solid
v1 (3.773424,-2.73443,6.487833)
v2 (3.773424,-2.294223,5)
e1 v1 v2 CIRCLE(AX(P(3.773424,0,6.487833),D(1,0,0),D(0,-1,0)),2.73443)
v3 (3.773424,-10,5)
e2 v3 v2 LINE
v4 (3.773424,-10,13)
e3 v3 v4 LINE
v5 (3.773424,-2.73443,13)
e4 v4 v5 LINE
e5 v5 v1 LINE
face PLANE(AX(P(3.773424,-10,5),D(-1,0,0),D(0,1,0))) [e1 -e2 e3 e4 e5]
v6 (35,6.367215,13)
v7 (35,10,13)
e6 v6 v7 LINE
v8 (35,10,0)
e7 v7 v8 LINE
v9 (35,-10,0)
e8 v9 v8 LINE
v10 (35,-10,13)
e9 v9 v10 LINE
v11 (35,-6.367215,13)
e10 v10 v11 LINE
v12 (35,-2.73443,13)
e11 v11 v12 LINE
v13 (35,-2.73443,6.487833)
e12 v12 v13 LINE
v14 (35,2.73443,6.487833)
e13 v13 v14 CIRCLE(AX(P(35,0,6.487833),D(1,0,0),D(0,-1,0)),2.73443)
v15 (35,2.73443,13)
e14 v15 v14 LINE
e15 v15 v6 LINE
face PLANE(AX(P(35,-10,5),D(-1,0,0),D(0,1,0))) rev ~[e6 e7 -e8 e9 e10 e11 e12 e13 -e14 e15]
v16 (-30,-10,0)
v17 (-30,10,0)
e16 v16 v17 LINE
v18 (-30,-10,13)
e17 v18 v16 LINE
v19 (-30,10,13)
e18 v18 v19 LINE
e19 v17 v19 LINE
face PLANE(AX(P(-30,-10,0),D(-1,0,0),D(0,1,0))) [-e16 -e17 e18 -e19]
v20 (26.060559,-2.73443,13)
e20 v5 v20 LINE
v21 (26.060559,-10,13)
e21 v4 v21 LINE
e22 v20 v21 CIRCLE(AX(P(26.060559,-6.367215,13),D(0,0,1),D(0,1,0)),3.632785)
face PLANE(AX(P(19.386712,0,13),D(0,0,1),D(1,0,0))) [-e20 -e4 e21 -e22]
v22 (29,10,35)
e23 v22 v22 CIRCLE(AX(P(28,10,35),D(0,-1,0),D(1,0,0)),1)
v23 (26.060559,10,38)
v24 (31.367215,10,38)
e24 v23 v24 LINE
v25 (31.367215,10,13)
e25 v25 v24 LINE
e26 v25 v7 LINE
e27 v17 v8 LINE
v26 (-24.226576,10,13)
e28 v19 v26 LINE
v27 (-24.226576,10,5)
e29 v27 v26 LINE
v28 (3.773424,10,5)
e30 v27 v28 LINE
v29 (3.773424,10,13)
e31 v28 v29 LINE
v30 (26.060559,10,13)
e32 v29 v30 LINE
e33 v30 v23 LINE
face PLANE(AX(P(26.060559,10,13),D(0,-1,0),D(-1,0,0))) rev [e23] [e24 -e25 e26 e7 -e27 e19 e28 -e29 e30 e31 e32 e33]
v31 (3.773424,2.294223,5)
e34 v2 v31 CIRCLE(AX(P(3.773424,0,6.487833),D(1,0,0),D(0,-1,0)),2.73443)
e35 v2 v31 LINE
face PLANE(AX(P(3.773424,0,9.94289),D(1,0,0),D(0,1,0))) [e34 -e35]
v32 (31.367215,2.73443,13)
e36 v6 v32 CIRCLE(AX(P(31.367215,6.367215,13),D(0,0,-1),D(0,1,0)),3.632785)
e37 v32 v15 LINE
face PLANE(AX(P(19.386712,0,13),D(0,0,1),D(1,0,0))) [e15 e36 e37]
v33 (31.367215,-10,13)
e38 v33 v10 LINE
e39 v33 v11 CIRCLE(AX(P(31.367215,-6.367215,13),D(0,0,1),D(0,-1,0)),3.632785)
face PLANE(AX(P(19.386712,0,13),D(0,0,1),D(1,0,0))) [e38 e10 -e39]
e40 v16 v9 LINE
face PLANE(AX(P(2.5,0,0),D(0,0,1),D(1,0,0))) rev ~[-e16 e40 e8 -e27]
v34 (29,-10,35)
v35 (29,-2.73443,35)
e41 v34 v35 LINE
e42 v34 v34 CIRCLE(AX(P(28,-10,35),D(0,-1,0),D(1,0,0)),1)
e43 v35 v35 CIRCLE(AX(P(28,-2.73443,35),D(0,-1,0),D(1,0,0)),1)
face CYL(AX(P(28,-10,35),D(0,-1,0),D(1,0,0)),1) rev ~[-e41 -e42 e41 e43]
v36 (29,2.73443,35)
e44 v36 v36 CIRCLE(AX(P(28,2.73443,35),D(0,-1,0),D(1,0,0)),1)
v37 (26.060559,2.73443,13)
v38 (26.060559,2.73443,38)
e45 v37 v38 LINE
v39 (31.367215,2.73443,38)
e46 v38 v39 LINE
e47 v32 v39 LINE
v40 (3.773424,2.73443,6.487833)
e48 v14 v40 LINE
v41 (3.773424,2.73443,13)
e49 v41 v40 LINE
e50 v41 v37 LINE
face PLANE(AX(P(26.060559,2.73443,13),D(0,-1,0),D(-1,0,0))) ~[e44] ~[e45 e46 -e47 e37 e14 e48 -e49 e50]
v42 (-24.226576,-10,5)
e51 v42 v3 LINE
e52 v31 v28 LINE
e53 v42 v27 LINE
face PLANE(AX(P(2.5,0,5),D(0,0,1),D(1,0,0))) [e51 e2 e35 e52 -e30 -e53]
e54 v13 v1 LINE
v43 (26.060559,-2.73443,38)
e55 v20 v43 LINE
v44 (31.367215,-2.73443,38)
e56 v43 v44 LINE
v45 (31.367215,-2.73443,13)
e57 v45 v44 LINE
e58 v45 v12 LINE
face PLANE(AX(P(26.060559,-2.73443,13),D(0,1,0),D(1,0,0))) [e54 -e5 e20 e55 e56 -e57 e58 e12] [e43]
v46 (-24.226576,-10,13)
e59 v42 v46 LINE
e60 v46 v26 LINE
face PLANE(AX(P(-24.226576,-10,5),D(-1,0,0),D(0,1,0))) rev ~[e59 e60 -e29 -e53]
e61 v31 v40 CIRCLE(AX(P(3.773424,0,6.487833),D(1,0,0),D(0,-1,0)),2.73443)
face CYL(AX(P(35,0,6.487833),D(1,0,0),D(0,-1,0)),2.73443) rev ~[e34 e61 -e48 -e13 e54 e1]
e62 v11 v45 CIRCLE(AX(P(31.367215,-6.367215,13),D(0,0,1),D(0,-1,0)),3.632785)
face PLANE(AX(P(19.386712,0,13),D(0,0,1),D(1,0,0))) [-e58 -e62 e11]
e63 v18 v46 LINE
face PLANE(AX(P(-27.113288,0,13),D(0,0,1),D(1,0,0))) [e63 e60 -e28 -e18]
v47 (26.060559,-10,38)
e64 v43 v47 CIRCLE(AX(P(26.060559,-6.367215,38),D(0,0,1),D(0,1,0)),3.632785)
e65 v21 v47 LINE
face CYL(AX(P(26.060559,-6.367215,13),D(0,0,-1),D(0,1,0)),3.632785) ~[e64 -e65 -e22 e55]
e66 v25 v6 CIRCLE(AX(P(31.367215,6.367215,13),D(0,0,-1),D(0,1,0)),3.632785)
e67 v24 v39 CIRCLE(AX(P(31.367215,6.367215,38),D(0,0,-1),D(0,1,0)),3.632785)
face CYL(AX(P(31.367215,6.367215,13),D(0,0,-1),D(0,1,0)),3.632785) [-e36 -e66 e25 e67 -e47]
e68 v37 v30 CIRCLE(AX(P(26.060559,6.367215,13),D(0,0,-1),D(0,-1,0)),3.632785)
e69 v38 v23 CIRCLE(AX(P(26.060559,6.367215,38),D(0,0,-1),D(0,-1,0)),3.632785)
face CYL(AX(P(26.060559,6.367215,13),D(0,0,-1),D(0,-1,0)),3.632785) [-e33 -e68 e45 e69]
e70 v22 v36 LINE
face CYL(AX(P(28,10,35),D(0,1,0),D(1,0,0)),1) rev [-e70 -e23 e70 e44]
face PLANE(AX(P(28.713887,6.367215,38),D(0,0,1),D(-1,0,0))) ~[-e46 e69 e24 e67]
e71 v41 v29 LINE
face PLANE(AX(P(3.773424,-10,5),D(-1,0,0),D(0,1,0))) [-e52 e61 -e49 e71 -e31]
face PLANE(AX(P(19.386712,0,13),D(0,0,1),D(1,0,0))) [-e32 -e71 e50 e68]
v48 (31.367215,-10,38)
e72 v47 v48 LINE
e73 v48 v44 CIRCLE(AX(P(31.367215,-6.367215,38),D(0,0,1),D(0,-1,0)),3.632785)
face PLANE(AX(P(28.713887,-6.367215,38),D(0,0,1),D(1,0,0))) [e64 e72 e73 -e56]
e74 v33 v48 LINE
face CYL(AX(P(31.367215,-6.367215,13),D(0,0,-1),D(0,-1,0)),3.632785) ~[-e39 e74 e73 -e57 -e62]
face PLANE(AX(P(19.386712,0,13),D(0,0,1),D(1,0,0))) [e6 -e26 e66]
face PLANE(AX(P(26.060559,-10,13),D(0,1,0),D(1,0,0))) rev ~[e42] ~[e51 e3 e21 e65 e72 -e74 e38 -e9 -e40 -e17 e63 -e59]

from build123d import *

# Parameters (mm, degrees)
SKETCH_W        = 65
SKETCH_H        = 20
PAD_DEPTH       = 5
SKETCH001_W     = 31.226576
SKETCH001_H     = 20
SKETCH001_W_2   = 5.773424
PAD001_DEPTH    = 8
POCKET_DEPTH    = 31.226576
PAD002_DEPTH    = 25
SKETCH003_R     = 1
POCKET001_DEPTH = 20.001


with BuildPart() as pocket001:
    # Sketch → Pad (new body)
    with BuildSketch(Plane.XY):
        with Locations((2.5, 0)):
            Rectangle(SKETCH_W, SKETCH_H)
    extrude(amount=PAD_DEPTH)

    # Sketch001 → Pad001 (new body)
    with BuildSketch(Plane.XY.offset(5)):
        with Locations((19.386712, 0)):
            Rectangle(SKETCH001_W, SKETCH001_H)
        with Locations((-27.113288, 0)):
            Rectangle(SKETCH001_W_2, SKETCH001_H)
    extrude(amount=PAD001_DEPTH)

    # Sketch002 → Pocket (cut)
    with BuildSketch(Plane.YZ.offset(35)):
        with BuildLine():
            Line((-2.73443, 15), (-2.73443, 6.487833))
            ThreePointArc((-2.73443, 6.487833), (0, 3.753403), (2.73443, 6.487833))
            Line((2.73443, 15), (2.73443, 6.487833))
            Line((-2.73443, 15), (2.73443, 15))
        make_face()
    extrude(amount=-POCKET_DEPTH, mode=Mode.SUBTRACT)

    # Sketch004 → Pad002 (new body)
    with BuildSketch(Plane.XY.offset(13)):
        with BuildLine():
            ThreePointArc((26.060559, -2.73443), (22.427774, -6.367215), (26.060559, -10))
            Line((26.060559, -10), (31.367215, -10))
            ThreePointArc((31.367215, -10), (35, -6.367215), (31.367215, -2.73443))
            Line((26.060559, -2.73443), (31.367215, -2.73443))
        make_face()
    extrude(amount=PAD002_DEPTH)

    # Sketch003 → Pocket001 (cut, through all)
    with BuildSketch(Plane.XZ.offset(10)):
        with Locations((28, 35)):
            Circle(SKETCH003_R)
    extrude(amount=-POCKET001_DEPTH, mode=Mode.SUBTRACT)


with BuildPart() as part_mirroring:
    # Part__Mirroring: instance of Pocket001
    add(pocket001.part.mirror(Plane(origin=(0, 0, 0), x_dir=(1, 0, 0), z_dir=(0, 1, 0))))


with BuildPart() as fusion:
    # Fusion base: copy of Pocket001
    add(pocket001.part)

    # Fusion: union Part__Mirroring
    add(part_mirroring.part)


solid = fusion.part
